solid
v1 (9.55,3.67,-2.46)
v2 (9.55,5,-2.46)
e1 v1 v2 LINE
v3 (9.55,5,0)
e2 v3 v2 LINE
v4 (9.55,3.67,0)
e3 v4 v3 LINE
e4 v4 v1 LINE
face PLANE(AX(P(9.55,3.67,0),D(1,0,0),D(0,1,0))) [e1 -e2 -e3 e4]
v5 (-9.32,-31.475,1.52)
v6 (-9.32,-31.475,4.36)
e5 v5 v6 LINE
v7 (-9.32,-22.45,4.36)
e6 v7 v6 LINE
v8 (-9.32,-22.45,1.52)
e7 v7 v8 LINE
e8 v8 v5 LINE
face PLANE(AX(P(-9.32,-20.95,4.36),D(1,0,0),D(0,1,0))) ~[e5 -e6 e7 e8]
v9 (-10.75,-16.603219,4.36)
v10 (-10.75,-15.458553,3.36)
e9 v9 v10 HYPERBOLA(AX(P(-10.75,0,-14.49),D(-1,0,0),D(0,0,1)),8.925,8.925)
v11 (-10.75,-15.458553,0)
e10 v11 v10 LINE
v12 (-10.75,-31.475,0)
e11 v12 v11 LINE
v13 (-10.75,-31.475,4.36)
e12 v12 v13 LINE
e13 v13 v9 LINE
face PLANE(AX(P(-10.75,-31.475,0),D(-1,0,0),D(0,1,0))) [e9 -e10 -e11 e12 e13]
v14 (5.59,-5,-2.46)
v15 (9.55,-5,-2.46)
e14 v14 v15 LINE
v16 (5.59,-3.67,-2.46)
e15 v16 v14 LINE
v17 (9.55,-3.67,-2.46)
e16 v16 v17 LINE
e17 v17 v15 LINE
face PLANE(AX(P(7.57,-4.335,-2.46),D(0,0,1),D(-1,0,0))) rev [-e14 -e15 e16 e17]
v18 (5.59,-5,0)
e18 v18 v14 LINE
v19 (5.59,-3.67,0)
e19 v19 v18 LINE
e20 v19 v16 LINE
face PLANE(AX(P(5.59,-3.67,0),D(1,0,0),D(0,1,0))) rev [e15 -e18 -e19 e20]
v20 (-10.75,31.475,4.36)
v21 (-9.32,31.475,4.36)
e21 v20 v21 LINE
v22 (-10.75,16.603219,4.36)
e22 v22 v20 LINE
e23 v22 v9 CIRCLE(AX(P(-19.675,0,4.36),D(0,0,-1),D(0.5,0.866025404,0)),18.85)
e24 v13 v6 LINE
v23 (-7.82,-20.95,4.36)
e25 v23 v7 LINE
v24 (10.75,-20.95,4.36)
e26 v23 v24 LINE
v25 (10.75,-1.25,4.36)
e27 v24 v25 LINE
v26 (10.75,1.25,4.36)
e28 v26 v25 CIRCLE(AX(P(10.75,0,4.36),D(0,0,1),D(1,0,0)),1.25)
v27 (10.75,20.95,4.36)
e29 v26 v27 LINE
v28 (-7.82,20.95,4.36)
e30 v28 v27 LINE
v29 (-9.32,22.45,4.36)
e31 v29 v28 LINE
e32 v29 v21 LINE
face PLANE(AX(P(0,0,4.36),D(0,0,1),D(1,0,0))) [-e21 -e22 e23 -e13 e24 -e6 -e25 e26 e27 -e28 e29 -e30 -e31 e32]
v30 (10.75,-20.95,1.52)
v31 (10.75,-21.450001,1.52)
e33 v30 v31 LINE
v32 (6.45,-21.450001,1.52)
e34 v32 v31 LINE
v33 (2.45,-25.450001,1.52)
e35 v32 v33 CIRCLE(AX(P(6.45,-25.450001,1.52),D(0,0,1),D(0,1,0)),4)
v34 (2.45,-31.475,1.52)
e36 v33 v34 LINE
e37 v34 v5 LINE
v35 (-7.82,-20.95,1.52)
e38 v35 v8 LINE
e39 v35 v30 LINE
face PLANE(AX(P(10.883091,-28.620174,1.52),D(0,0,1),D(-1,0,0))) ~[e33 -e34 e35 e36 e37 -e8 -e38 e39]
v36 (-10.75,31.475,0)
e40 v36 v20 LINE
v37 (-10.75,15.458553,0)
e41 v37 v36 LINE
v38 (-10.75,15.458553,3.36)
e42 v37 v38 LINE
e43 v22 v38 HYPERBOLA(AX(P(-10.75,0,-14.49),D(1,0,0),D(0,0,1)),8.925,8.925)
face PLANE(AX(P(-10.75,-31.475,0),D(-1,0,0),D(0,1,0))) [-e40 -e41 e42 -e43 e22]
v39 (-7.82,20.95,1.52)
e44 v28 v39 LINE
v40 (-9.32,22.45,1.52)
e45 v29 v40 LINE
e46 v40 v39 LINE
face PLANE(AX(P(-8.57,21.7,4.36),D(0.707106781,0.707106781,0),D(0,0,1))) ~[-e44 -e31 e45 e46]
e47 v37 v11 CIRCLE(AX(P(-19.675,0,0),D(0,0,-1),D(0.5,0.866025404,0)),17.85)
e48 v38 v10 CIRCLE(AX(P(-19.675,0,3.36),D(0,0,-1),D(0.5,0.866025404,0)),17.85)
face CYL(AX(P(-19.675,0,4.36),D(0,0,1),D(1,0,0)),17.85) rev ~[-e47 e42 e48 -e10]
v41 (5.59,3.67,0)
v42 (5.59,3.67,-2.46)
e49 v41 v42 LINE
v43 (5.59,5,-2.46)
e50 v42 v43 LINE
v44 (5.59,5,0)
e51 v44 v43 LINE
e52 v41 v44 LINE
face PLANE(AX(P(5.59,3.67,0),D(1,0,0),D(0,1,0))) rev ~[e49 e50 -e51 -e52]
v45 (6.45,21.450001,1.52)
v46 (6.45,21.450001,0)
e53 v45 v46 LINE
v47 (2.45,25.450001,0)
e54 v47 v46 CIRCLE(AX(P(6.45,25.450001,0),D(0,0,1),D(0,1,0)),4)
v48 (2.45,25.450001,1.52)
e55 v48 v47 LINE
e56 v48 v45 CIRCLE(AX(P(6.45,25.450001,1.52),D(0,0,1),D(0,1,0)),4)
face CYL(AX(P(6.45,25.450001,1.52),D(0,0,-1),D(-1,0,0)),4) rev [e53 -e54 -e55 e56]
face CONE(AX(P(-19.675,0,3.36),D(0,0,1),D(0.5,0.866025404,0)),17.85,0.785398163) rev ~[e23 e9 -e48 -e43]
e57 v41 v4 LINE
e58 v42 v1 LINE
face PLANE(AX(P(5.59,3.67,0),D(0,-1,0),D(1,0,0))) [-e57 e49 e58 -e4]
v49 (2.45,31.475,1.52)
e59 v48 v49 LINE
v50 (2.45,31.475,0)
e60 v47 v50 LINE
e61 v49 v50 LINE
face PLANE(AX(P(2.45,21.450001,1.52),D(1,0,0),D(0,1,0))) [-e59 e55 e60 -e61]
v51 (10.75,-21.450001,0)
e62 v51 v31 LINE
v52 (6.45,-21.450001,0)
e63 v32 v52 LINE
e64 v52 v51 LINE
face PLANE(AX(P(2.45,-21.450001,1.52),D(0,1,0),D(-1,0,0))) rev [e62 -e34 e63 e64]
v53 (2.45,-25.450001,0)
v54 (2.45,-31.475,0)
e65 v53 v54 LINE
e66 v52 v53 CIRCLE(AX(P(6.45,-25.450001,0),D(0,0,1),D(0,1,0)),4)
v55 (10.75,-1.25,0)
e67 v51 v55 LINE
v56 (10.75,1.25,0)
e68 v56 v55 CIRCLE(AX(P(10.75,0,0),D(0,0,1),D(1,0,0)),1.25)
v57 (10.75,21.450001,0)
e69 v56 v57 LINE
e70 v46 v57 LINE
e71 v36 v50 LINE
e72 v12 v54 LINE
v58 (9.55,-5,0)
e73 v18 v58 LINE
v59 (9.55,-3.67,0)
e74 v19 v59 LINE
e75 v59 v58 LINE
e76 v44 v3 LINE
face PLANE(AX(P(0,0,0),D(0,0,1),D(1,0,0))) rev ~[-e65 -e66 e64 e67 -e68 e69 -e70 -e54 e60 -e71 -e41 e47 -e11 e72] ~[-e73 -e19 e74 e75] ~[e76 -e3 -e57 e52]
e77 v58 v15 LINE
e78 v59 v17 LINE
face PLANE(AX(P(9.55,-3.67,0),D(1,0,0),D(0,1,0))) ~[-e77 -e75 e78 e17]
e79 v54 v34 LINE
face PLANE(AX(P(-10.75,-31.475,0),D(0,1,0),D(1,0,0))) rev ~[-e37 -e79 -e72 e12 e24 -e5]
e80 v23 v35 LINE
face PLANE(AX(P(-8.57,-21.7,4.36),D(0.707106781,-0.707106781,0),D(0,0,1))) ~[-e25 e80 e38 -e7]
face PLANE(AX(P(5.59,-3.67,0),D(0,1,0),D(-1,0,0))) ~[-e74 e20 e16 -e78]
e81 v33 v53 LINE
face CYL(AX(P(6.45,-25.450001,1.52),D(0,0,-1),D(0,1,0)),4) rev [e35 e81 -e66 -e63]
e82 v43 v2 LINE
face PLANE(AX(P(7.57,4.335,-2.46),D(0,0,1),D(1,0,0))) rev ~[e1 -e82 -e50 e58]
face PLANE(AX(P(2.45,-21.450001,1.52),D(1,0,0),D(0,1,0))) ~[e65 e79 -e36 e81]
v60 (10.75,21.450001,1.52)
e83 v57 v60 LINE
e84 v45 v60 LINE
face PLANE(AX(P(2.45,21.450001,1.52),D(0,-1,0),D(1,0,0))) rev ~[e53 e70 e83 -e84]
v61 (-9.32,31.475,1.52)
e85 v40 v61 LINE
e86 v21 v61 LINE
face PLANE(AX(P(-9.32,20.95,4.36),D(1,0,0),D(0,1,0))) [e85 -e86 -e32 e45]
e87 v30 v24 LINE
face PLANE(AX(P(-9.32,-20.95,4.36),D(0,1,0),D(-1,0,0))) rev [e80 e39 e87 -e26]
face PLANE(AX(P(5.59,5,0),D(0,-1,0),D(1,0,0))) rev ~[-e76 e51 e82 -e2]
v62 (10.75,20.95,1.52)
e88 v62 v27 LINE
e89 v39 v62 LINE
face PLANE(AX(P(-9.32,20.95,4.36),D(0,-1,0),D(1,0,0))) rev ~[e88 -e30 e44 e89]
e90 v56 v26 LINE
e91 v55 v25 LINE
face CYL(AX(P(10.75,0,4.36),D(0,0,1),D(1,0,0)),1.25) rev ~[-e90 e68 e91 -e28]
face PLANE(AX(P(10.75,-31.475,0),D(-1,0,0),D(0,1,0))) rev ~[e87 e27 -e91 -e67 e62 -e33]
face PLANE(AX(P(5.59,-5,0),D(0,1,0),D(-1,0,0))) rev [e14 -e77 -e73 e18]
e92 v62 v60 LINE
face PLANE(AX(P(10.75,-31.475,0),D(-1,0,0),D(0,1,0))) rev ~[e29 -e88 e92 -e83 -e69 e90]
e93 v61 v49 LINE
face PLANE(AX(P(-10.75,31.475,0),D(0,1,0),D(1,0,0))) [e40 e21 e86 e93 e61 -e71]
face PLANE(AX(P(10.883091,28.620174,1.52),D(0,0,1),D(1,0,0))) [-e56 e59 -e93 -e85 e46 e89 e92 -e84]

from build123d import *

# Parameters (mm, degrees)
SKETCH_W        = 21.5
SKETCH_H        = 62.95
PAD_DEPTH       = 4.36
SKETCH001_W     = 3.96
SKETCH001_H     = 1.33
PAD001_DEPTH    = 2.46
SKETCH002_W     = 40.406182
SKETCH002_H     = 15.340348
POCKET_DEPTH    = 2.84
CHAMFER_SIZE    = 1.5
CHAMFER001_SIZE = 1.5
SKETCH003_R     = 1.25
POCKET001_DEPTH = 6.821
SKETCH004_R     = 17.85
POCKET002_DEPTH = 5
CHAMFER002_SIZE = 1
SKETCH005_W     = 26.6657
SKETCH005_H     = 14.870099
POCKET003_DEPTH = 5
FILLET_R        = 4
FILLET001_R     = 4


with BuildPart() as part:
    # Sketch → Pad (new body)
    with BuildSketch(Plane.XY):
        Rectangle(SKETCH_W, SKETCH_H)
    extrude(amount=PAD_DEPTH)

    # Sketch001 → Pad001 (join)
    with BuildSketch(Plane.XY):
        with Locations((7.57, 4.335)):
            Rectangle(SKETCH001_W, SKETCH001_H)
    pad001 = extrude(amount=-PAD001_DEPTH)

    # Mirrored: Pad001 across Sketch001 H_Axis
    add(pad001.mirror(Plane.ZX))

    # Sketch002 (on Face5 of Mirrored) → Pocket (cut)
    with BuildSketch(Plane.XY.offset(4.36)):
        with Locations((10.883091, 28.620174)):
            Rectangle(SKETCH002_W, SKETCH002_H)
    pocket = extrude(amount=-POCKET_DEPTH, mode=Mode.SUBTRACT)

    # Chamfer
    chamfer_edges = [part.edges().sort_by_distance(p)[0] for p in [
        (-9.32, 20.95, 2.94),
    ]]
    chamfer(chamfer_edges, length=CHAMFER_SIZE)

    # Mirrored001: Pocket across Sketch002 H_Axis
    add(pocket.mirror(Plane(origin=(0, 0, 4.36), x_dir=(0, 0, 1), z_dir=(0, 1, 0))), mode=Mode.SUBTRACT)

    # Chamfer001
    chamfer001_edges = [part.edges().sort_by_distance(p)[0] for p in [
        (-9.32, -20.95, 2.94),
    ]]
    chamfer(chamfer001_edges, length=CHAMFER001_SIZE)

    # Sketch003 (on Face1 of Chamfer001) → Pocket001 (cut, through all)
    with BuildSketch(Plane.XY.offset(4.36)):
        with Locations((10.75, 0)):
            Circle(SKETCH003_R)
    extrude(amount=-POCKET001_DEPTH, mode=Mode.SUBTRACT)

    # Sketch004 (on Face1 of Pocket001) → Pocket002 (cut)
    with BuildSketch(Plane.XY.offset(4.36)):
        with Locations((-19.675, 0)):
            Circle(SKETCH004_R)
    extrude(amount=-POCKET002_DEPTH, mode=Mode.SUBTRACT)

    # Chamfer002
    chamfer002_edges = [part.edges().sort_by_distance(p)[0] for p in [
        (-4.216447, 8.925, 4.36),
        (-4.216447, -8.925, 4.36),
    ]]
    chamfer(chamfer002_edges, length=CHAMFER002_SIZE)

    # Sketch005 (on Face19 of Chamfer002) → Pocket003 (cut)
    with BuildSketch(Plane.XY.offset(1.52)):
        with Locations((15.78285, 28.88505)):
            Rectangle(SKETCH005_W, SKETCH005_H)
    pocket003 = extrude(amount=-POCKET003_DEPTH, mode=Mode.SUBTRACT)

    # Fillet
    fillet_edges = [part.edges().sort_by_distance(p)[0] for p in [
        (2.45, 21.45, 0.76),
    ]]
    fillet(fillet_edges, radius=FILLET_R)

    # Mirrored002: Pocket003 across Sketch005 H_Axis
    add(pocket003.mirror(Plane(origin=(0, 0, 1.52), x_dir=(0, 0, 1), z_dir=(0, 1, 0))), mode=Mode.SUBTRACT)

    # Fillet001
    fillet001_edges = [part.edges().sort_by_distance(p)[0] for p in [
        (2.45, -21.45, 0.76),
    ]]
    fillet(fillet001_edges, radius=FILLET001_R)


solid = part.part
